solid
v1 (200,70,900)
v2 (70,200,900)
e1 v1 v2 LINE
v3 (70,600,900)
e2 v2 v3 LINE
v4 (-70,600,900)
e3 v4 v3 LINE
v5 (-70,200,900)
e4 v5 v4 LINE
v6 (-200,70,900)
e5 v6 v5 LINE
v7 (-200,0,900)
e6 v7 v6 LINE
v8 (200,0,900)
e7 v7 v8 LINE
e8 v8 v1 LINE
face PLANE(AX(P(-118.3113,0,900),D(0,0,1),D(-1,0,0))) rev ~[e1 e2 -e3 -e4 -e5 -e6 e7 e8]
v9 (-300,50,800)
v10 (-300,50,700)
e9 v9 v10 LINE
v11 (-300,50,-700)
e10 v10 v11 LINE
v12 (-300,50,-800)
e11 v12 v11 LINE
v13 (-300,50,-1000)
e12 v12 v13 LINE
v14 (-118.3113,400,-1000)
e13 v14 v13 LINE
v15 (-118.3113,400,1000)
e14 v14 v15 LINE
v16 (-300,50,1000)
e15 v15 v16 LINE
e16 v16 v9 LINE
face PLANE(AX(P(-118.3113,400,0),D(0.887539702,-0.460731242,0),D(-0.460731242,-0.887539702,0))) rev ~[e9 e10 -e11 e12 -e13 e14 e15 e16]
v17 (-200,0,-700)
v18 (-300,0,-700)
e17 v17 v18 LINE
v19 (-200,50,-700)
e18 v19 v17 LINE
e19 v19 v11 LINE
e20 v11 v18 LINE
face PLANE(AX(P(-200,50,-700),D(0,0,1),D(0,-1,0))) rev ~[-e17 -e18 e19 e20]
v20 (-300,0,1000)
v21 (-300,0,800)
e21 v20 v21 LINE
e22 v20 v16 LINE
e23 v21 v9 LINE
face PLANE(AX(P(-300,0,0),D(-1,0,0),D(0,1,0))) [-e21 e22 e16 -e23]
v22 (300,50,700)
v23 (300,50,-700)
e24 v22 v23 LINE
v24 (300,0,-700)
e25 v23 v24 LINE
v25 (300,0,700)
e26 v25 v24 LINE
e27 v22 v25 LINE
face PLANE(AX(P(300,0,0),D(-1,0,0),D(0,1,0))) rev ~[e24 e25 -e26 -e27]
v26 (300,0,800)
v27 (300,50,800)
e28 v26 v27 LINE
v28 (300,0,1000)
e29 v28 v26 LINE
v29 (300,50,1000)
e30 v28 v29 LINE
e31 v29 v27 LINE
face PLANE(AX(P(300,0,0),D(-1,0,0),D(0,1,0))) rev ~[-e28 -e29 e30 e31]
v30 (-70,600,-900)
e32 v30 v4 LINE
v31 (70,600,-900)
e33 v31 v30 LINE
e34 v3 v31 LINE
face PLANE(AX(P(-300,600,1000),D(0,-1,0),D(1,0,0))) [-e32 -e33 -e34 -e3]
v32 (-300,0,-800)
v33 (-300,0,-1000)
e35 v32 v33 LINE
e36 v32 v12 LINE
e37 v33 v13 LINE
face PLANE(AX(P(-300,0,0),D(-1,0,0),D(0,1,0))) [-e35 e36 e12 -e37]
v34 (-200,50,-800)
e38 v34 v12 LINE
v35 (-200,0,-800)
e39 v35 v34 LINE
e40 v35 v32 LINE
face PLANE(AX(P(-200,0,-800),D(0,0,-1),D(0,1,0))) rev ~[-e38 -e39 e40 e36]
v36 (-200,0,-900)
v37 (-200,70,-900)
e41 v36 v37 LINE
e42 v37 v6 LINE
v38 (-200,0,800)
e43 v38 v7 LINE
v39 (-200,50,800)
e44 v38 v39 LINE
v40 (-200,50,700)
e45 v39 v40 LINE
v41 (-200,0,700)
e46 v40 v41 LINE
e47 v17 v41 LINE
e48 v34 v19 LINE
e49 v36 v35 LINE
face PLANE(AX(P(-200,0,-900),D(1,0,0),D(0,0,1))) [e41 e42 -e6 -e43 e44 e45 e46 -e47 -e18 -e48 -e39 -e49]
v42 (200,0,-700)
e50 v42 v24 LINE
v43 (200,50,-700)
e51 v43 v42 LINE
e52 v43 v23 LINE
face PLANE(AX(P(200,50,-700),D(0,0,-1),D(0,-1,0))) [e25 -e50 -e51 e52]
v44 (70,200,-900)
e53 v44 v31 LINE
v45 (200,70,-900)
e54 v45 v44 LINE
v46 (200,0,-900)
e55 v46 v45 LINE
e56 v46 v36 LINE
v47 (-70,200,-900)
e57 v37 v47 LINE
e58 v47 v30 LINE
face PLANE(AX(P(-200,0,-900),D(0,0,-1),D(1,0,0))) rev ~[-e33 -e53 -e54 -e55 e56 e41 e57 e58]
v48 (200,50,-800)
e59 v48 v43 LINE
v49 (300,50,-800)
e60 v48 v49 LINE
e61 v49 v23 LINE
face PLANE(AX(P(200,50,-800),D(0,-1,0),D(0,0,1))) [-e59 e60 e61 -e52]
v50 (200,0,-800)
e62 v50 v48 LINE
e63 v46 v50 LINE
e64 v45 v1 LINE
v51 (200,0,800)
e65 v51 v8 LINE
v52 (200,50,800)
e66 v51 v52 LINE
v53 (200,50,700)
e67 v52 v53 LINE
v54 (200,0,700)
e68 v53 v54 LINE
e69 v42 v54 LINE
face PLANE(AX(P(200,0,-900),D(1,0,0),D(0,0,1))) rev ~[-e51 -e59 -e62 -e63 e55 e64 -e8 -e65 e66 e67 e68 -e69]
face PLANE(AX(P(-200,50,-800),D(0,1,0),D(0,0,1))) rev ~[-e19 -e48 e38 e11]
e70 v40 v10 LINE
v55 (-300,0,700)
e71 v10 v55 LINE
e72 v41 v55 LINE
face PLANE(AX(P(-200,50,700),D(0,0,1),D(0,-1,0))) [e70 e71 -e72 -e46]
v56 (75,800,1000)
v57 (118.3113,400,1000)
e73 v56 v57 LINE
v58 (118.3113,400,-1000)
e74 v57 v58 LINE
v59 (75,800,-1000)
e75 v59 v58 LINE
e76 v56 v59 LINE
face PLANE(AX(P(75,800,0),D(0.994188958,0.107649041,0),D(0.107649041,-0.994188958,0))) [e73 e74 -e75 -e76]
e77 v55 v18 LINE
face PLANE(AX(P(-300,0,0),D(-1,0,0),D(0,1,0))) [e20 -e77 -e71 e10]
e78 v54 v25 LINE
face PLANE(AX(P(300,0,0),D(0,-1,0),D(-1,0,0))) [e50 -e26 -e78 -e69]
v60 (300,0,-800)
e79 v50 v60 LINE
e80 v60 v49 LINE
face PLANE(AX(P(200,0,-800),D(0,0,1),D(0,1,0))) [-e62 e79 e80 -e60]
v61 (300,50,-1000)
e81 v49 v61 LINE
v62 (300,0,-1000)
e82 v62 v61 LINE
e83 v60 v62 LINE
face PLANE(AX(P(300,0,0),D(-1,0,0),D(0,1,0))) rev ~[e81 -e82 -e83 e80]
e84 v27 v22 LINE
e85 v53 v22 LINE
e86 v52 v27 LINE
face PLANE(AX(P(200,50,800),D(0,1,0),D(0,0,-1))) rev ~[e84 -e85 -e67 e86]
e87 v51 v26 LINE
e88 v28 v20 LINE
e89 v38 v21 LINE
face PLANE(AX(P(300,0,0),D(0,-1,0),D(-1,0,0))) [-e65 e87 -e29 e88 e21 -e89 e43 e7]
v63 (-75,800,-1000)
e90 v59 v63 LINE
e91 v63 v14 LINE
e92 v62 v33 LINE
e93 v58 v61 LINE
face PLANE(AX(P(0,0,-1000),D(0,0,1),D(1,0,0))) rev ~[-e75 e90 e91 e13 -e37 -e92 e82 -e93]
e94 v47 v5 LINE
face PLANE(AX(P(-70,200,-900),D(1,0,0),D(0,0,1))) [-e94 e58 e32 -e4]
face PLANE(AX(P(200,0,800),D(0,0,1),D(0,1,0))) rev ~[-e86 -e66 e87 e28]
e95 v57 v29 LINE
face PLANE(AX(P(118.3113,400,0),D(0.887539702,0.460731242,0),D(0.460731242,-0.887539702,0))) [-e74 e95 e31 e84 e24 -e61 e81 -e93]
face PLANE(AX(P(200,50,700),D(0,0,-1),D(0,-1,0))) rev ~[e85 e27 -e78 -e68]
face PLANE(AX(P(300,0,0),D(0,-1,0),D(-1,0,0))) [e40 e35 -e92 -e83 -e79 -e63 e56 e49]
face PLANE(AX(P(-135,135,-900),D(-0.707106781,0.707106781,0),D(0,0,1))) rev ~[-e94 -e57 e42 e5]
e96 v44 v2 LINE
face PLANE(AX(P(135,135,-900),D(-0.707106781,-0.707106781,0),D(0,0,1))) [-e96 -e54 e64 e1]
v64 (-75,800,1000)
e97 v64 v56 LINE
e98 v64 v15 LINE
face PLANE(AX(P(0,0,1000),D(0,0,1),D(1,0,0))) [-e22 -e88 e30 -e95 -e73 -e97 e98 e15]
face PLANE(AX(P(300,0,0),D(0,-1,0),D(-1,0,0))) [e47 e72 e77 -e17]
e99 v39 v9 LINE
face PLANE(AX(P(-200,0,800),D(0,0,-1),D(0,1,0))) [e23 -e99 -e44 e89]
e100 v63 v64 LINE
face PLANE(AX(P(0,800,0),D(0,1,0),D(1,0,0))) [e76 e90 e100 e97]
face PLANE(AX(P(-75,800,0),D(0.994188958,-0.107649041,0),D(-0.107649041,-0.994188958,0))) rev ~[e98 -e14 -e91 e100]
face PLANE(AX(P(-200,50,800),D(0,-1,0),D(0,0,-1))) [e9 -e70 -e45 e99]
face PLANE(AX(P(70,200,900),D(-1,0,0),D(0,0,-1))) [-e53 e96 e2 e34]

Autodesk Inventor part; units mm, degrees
ref_plane "YZ Plane" through (0, 0, 0) normal (1, 0, 0) x (0, 1, 0)
ref_plane "XZ Plane" through (0, 0, 0) normal (0, 1, 0) x (-1, 0, 0)
ref_plane "XY Plane" through (0, 0, 0) normal (0, 0, 1) x (1, 0, 0)
sketch "Sketch1" plane through (0, 0, 0) normal (0, 0, 1) x (1, 0, 0)
  line L0 (0, 0) -> (0, 800) construction
  line L1 (0, 800) -> (-75, 800)
  line L2 (-300, 0) -> (-300, 50)
  line L3 (-75, 800) -> (-118.3113, 400)
  line L4 (-118.3113, 400) -> (-300, 50)
  line L5 (0, 800) -> (75, 800)
  line L6 (300, 0) -> (300, 50)
  line L7 (75, 800) -> (118.3113, 400)
  line L8 (118.3113, 400) -> (300, 50)
  line L9 (300, 0) -> (-300, 0)
  dimension "d28" = 800
extrude "Extrusion1" add sketch "Sketch1" along normal mid plane 2000
sketch "Sketch5" plane through (-300, 0, 1000) normal (0, -1, 0) x (1, 0, 0)
  line L0 (0, -2000) -> (181.6887, -2000) projected
  line L1 (0, -2000) -> (0, 0) projected
  line L2 (100, -1900) -> (100, -100)
  line L3 (181.6887, -2000) -> (181.6887, 0) projected
  line L4 (100, -1900) -> (500, -1900)
  line L5 (600, -2000) -> (600, 0) projected
  line L6 (500, -1900) -> (500, -100)
  line L7 (500, -100) -> (100, -100)
  point P0 (300, -1000)
  dimension "d35" = 1800
extrude "Extrusion5" cut sketch "Sketch5" against normal blind 200
chamfer "Chamfer1" distance 130 angle 45 2 edges at (200, 200, 0) (-200, 200, 0)
sketch "Sketch6" plane through (-300, 200, 1000) normal (0, -1, 0) x (1, 0, 0)
  line L0 (370, -100) -> (370, -1900) projected
  line L1 (370, -100) -> (370, -1900)
  line L2 (230, -1900) -> (230, -100) projected
  line L3 (370, -1900) -> (230, -1900)
  line L4 (230, -1900) -> (230, -100)
  line L5 (230, -100) -> (370, -100)
  point P0 (300, -1000)
extrude "Extrusion6" cut sketch "Sketch6" against normal blind 400
sketch "Sketch7" plane through (200, 0, -900) normal (-1, 0, 0) x (0, 0, 1)
  line L0 (0, 0) -> (0, 70) projected
  line L1 (0, 0) -> (100, 0)
  line L2 (1800, 0) -> (0, 0) projected
  line L3 (100, 0) -> (100, 50)
  line L4 (100, 50) -> (200, 50)
  line L5 (200, 50) -> (200, 0)
  line L6 (200, 0) -> (100, 0)
  line L7 (1800, 0) -> (1700, 0)
  line L8 (1700, 0) -> (1700, 50)
  line L9 (1700, 50) -> (1600, 50)
  line L10 (1600, 50) -> (1600, 0)
  line L11 (1600, 0) -> (1700, 0)
  point P0 (900, 0)
  point P1 (200, 0)
  dimension "d43" = 100
  dimension "d44" = 50
  dimension "d45" = 100
  dimension "d46" = 50
  dimension "d47" = 100
  dimension "d48" = 50
  dimension "d49" = 100
  dimension "d50" = 50
sketch "Sketch8" plane through (-200, 0, 900) normal (1, 0, 0) x (0, 0, -1)
  line L0 (1800, 0) -> (0, 0) projected
  line L1 (1800, 0) -> (1700, 0)
  line L2 (1700, 0) -> (1700, 50)
  line L3 (1700, 50) -> (1600, 50)
  line L4 (1600, 50) -> (1600, 0)
  line L5 (0, 0) -> (100, 0)
  line L6 (100, 0) -> (100, 50)
  line L7 (100, 50) -> (200, 50)
  line L8 (200, 50) -> (200, 0)
  line L9 (200, 0) -> (100, 0)
  point P0 (900, 0)
  dimension "d55" = 100
  dimension "d56" = 50
  dimension "d57" = 100
  dimension "d58" = 50
  dimension "d59" = 100
  dimension "d60" = 50
  dimension "d61" = 100
  dimension "d62" = 50
extrude "Extrusion7" cut sketch "Sketch8" against normal blind 100
extrude "Extrusion8" cut sketch "Sketch7" against normal blind 100
properties part number "Jersey Curb" material "Concrete"
